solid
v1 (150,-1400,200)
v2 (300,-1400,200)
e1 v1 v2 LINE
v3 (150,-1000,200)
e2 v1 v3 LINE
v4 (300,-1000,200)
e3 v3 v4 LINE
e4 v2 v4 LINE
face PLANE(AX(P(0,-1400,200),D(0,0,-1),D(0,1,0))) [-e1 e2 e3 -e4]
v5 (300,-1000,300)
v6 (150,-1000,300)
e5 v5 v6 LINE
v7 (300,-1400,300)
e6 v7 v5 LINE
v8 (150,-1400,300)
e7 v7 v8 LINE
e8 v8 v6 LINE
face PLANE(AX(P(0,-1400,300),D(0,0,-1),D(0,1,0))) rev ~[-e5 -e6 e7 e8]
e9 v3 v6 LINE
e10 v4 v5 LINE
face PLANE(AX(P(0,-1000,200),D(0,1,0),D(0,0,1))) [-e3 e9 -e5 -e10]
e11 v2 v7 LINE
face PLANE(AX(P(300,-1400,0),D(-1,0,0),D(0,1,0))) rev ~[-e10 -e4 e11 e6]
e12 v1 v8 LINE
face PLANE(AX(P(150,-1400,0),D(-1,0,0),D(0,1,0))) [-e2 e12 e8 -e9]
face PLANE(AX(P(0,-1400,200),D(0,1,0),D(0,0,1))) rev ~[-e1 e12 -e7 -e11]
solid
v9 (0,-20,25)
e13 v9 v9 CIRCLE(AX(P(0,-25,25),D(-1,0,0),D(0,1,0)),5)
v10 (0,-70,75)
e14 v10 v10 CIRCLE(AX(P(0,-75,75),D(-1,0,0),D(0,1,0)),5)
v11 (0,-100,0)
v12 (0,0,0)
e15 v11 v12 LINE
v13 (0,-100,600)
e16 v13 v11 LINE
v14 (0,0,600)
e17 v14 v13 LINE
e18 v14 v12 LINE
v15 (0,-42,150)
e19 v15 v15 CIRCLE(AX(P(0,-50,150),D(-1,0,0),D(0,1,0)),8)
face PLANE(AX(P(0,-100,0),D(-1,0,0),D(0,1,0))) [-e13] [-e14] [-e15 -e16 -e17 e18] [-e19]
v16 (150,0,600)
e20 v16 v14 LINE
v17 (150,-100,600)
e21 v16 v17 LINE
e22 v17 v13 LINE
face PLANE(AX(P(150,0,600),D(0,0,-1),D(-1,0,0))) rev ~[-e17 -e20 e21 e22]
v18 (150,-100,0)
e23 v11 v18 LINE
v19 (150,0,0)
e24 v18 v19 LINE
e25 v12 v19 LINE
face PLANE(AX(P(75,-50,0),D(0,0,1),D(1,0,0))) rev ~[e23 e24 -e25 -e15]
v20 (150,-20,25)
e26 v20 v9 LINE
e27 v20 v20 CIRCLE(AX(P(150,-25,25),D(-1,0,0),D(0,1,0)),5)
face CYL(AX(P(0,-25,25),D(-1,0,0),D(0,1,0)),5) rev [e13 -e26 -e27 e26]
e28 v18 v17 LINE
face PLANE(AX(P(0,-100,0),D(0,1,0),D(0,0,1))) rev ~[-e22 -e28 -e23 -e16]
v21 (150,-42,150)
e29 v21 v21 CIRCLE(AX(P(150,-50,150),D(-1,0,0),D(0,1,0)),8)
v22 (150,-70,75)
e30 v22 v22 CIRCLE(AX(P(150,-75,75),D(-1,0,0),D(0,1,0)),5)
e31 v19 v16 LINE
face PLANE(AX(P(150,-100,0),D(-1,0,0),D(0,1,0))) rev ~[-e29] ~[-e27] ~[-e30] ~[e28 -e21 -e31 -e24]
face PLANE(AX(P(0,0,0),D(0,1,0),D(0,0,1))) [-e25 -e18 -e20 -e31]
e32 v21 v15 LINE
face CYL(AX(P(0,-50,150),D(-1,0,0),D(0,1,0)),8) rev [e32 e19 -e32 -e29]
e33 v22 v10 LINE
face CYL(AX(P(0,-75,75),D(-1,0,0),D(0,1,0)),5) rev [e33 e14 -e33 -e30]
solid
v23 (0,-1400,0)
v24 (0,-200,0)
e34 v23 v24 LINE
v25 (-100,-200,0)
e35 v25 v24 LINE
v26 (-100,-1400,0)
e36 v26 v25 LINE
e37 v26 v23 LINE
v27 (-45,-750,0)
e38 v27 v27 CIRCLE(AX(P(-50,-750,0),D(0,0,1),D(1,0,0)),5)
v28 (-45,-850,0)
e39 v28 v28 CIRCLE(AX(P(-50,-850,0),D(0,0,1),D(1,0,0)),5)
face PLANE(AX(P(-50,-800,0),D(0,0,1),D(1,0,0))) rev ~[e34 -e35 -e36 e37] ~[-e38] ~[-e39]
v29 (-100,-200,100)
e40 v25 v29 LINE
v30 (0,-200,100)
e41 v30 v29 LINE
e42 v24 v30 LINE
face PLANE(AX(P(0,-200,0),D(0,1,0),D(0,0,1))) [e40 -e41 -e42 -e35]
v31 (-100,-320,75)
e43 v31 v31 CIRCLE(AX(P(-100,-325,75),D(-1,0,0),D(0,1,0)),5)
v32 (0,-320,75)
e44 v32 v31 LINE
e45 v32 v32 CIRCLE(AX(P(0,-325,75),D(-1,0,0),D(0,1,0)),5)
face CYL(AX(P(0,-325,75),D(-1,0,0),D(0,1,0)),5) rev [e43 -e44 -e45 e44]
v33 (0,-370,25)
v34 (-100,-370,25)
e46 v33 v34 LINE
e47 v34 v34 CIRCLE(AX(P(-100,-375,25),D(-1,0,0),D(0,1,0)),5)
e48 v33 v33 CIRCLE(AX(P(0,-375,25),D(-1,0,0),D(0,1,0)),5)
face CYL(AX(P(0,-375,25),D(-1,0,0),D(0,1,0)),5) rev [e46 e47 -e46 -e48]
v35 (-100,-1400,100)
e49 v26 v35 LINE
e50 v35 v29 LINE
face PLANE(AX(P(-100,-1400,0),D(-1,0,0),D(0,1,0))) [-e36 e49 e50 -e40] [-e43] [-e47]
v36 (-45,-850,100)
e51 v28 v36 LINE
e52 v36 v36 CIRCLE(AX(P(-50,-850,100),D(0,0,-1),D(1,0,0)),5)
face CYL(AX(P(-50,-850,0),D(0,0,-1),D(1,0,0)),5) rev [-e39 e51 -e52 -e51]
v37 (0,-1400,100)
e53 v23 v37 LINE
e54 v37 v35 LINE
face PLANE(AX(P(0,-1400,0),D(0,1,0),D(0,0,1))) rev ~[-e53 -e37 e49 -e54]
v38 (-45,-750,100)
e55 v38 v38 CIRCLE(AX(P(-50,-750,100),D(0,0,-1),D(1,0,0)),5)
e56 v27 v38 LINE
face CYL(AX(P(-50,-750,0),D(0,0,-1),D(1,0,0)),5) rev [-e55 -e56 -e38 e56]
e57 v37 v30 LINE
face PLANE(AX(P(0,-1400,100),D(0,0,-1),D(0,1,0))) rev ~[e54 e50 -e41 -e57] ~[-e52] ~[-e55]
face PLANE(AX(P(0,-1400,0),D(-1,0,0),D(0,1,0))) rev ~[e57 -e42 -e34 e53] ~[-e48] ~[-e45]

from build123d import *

# Parameters (mm, degrees)
F0_W     = 400
F0_H     = 100
F3_DEPTH = 423
F0_W_2   = 1200
F0_W_3   = 20
F0_H_2   = 20
F0_R     = 5
F0_W_4   = 100
F0_H_3   = 650
F0_R_2   = 8
F1_W     = 150
F1_H     = 100
F1_W_2   = 100
F1_H_2   = 1200
F1_R     = 5
F1_H_3   = 400
F4_DEPTH = 1000
F5_DEPTH = 1520


with BuildPart() as f3:
    # F0 (on Right) → F3 (new body, symmetric)
    with BuildSketch(Plane.YZ):
        with Locations((-1200, 250)):
            Rectangle(F0_W, F0_H)
    extrude(amount=F3_DEPTH, both=True)


with BuildPart() as f3b:
    # F0 (on Right) → F3, piece 2 (new body, symmetric)
    with BuildSketch(Plane.YZ):
        with Locations((-800, 50)):
            Rectangle(F0_W_2, F0_H)
        with Locations((-375, 25)):
            Rectangle(F0_W_3, F0_H_2, mode=Mode.SUBTRACT)
        with Locations((-325, 75)):
            Rectangle(F0_W_3, F0_H_2, mode=Mode.SUBTRACT)
        with Locations((-325, 75)):
            Rectangle(F0_W_3, F0_H_2)
        with Locations((-325, 75)):
            Circle(F0_R, mode=Mode.SUBTRACT)
        with Locations((-375, 25)):
            Rectangle(F0_W_3, F0_H_2)
        with Locations((-375, 25)):
            Circle(F0_R, mode=Mode.SUBTRACT)
    extrude(amount=F3_DEPTH, both=True)


with BuildPart() as f3c:
    # F0 (on Right) → F3, piece 3 (new body, symmetric)
    with BuildSketch(Plane.YZ):
        with Locations((-50, 325)):
            Rectangle(F0_W_4, F0_H_3)
        with Locations((-25, 25)):
            Circle(F0_R, mode=Mode.SUBTRACT)
        with Locations((-75, 75)):
            Circle(F0_R, mode=Mode.SUBTRACT)
        with Locations((-50, 150)):
            Circle(F0_R_2, mode=Mode.SUBTRACT)
    extrude(amount=F3_DEPTH, both=True)


with BuildPart() as f4_tool:
    # F1 (on Top) → F4 (new body)
    with BuildSketch(Plane.XY):
        with Locations((75, -50)):
            Rectangle(F1_W, F1_H)
        with Locations((-50, -800)):
            Rectangle(F1_W_2, F1_H_2)
        with Locations((-50, -850)):
            Circle(F1_R, mode=Mode.SUBTRACT)
        with Locations((-50, -750)):
            Circle(F1_R, mode=Mode.SUBTRACT)
        with Locations((225, -1200)):
            Rectangle(F1_W, F1_H_3)
    extrude(amount=F4_DEPTH)


with BuildPart() as f3_1:
    add(f3.part)

    # F4: intersect by f4_tool
    add(f4_tool.part, mode=Mode.INTERSECT)


with BuildPart() as f3b_1:
    add(f3b.part)

    # F4: intersect by f4_tool
    add(f4_tool.part, mode=Mode.INTERSECT)


with BuildPart() as f3c_1:
    add(f3c.part)

    # F4: intersect by f4_tool
    add(f4_tool.part, mode=Mode.INTERSECT)


with BuildPart() as f5_tool:
    # F2 (on Front) → F5 (new body)
    with BuildSketch(Plane.XZ):
        Polygon((-100, 0), (0, 0), (150, 0), (150, 200), (300, 200), (300, 300), (150, 300), (150, 600), (0, 600), (0, 100), (-100, 100), align=None)
    extrude(amount=F5_DEPTH)


with BuildPart() as f3_2:
    add(f3_1.part)

    # F5: intersect by f5_tool
    add(f5_tool.part, mode=Mode.INTERSECT)


with BuildPart() as f3b_2:
    add(f3b_1.part)

    # F5: intersect by f5_tool
    add(f5_tool.part, mode=Mode.INTERSECT)


with BuildPart() as f3c_2:
    add(f3c_1.part)

    # F5: intersect by f5_tool
    add(f5_tool.part, mode=Mode.INTERSECT)


solid = Compound([f3_2.part, f3b_2.part, f3c_2.part])
